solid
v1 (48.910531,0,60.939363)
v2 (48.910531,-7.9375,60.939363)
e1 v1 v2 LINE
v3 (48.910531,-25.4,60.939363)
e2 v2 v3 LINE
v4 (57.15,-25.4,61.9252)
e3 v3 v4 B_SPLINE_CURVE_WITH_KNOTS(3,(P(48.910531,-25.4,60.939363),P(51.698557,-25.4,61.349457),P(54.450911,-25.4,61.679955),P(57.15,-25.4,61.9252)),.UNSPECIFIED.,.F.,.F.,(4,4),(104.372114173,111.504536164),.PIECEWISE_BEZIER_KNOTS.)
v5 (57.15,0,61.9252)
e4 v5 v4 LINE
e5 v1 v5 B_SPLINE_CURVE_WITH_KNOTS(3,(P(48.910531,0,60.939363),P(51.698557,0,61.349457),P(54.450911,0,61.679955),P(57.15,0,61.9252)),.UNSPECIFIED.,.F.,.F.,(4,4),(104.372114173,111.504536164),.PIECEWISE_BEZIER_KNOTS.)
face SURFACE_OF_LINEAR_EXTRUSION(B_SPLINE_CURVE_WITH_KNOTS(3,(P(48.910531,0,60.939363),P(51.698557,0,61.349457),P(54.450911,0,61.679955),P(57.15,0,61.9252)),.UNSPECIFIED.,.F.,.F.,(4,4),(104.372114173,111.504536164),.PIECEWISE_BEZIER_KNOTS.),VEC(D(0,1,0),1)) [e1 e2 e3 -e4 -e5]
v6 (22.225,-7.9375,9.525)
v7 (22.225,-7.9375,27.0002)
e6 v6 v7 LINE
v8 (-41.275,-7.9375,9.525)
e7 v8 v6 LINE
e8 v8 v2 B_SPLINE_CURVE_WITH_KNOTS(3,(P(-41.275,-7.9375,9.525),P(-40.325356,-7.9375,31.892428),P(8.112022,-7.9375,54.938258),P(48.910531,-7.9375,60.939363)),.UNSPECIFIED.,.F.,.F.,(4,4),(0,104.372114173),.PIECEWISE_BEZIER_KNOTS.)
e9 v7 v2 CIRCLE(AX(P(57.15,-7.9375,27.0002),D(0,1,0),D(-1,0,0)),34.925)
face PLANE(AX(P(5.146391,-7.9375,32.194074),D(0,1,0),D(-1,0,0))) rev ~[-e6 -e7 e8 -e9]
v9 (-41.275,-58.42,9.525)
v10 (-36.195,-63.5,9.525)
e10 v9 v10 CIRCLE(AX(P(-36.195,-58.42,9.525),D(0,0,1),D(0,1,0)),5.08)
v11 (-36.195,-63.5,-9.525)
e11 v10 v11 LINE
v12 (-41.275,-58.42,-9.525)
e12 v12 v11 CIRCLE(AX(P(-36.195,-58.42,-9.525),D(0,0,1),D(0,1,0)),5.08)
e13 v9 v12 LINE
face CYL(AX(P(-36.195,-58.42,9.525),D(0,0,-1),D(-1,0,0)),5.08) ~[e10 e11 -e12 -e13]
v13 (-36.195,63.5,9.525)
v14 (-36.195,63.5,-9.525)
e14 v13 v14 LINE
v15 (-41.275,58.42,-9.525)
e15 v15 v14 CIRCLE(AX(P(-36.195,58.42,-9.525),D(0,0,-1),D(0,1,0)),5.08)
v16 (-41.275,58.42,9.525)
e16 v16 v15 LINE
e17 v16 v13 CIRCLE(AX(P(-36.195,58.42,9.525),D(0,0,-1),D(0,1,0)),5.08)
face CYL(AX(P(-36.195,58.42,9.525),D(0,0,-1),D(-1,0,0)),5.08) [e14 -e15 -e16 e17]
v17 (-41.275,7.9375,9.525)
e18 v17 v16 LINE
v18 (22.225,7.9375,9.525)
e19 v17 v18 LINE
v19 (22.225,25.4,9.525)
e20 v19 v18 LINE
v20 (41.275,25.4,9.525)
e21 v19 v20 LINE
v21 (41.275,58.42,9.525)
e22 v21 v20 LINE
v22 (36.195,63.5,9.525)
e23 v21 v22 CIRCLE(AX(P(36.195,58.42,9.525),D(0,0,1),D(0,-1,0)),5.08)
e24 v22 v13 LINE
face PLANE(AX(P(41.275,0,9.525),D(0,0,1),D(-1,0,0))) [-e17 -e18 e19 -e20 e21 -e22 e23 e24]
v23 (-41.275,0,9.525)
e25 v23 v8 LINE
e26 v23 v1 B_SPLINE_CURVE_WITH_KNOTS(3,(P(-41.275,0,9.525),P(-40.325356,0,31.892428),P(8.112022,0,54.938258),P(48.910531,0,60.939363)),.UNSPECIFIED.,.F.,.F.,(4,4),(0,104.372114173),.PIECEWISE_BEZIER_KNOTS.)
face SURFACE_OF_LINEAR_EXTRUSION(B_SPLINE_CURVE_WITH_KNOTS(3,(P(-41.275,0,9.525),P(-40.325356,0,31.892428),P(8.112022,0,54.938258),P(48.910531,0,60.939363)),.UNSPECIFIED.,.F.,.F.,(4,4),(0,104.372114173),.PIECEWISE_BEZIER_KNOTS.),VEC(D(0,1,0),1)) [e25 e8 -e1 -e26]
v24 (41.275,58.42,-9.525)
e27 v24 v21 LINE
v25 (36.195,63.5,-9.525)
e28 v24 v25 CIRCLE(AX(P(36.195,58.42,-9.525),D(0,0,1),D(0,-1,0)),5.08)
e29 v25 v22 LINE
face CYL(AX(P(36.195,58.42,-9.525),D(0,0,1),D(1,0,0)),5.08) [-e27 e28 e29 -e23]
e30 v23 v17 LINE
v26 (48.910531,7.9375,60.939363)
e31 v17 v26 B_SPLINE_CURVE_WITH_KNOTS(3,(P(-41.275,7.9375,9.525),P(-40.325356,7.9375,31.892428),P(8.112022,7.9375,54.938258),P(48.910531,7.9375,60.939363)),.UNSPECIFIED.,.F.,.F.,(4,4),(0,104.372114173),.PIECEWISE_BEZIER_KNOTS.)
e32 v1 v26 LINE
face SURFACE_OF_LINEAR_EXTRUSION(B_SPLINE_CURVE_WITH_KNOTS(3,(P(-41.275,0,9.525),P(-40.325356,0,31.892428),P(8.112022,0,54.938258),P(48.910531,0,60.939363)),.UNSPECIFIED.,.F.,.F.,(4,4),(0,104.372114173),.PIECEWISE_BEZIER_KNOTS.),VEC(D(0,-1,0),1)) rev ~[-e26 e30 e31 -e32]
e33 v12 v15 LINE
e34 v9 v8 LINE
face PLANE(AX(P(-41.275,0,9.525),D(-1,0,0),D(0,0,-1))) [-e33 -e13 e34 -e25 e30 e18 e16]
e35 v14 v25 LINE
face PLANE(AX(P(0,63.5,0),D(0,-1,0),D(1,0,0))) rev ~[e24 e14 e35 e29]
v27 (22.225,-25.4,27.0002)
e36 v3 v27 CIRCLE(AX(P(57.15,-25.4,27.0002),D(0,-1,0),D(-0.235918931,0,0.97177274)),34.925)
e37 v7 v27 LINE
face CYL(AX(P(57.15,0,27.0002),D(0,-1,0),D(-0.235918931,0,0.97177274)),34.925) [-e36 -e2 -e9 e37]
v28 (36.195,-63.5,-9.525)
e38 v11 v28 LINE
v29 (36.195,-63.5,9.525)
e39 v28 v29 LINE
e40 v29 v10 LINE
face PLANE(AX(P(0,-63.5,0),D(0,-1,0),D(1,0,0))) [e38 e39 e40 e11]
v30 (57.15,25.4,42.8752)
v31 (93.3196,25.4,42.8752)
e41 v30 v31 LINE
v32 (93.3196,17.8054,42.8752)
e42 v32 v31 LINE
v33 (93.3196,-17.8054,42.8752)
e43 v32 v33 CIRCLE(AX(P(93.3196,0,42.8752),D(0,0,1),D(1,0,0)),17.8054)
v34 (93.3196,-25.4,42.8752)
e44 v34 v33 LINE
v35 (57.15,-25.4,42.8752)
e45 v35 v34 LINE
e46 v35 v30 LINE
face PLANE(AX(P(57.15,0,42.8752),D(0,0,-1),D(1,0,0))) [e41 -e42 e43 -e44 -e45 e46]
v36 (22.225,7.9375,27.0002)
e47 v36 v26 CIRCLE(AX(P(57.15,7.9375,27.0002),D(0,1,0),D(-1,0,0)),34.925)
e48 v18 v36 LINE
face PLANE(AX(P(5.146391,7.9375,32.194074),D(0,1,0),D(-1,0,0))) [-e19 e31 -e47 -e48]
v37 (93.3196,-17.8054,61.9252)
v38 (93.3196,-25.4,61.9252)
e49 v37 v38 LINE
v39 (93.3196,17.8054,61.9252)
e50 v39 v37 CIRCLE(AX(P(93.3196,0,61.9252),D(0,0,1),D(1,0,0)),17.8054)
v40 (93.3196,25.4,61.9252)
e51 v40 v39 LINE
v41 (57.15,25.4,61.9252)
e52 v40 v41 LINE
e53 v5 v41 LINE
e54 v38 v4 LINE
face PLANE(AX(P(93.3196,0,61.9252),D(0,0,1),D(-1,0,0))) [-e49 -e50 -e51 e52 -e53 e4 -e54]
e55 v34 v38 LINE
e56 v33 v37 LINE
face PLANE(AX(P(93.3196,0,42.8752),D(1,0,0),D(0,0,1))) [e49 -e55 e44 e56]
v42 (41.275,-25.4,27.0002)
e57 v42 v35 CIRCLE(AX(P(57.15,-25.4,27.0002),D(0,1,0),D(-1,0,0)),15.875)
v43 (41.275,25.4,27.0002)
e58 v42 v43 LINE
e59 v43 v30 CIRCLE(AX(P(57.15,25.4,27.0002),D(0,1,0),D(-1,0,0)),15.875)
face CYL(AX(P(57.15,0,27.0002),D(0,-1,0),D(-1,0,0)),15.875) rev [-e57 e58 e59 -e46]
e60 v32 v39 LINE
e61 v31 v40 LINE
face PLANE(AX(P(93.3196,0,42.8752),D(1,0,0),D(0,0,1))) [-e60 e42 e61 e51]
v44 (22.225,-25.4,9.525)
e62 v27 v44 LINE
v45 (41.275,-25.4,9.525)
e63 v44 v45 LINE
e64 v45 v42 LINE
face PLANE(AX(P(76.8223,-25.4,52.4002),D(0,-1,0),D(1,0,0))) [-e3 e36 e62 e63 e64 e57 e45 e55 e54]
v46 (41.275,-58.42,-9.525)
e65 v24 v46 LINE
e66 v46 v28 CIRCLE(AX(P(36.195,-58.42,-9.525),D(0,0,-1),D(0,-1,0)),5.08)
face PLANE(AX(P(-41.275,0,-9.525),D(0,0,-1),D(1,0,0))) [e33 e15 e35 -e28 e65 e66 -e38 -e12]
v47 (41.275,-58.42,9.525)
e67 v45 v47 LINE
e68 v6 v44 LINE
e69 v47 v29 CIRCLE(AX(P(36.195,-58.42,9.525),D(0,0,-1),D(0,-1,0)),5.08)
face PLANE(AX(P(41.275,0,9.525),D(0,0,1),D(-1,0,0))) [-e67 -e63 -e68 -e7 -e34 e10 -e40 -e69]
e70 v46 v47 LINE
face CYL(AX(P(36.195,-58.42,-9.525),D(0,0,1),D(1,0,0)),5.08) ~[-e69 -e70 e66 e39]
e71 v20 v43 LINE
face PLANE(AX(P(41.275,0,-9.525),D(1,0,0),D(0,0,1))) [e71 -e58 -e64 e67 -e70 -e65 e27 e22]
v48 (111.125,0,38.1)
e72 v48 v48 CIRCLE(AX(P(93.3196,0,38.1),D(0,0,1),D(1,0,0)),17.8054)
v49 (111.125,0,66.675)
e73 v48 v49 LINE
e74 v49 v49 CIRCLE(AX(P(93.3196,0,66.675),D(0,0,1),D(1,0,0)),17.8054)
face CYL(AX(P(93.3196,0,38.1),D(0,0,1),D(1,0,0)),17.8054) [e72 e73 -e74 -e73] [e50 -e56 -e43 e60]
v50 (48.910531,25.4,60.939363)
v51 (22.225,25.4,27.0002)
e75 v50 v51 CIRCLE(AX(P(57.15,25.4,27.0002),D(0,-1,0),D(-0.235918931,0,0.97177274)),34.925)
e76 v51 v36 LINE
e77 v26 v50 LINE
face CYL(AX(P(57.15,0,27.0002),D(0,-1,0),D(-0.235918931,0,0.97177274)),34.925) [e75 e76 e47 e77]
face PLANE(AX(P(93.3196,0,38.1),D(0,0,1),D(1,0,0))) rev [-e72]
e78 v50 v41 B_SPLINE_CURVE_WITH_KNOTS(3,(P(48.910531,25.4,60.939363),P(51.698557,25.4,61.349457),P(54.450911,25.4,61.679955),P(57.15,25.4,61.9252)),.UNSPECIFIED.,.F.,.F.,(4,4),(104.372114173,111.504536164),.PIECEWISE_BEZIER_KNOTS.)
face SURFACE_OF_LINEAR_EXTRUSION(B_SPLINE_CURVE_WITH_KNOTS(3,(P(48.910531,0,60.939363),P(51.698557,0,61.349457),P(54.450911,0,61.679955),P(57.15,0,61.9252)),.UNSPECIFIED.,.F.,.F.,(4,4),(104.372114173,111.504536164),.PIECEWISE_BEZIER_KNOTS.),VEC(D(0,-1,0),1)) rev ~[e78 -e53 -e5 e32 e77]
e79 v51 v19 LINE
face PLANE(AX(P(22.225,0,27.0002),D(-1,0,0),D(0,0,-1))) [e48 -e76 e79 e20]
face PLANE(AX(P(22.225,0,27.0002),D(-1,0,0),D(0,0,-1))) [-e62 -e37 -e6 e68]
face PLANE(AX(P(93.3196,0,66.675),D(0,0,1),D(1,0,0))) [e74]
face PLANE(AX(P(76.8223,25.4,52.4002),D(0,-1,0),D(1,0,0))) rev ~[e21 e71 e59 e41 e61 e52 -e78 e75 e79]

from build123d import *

# Parameters (mm, degrees)
F1_DEPTH = 63.5
F0_W     = 32.9946
F0_H     = 19.05
F2_DEPTH = 25.4
F3_DEPTH = 7.9375
F5_R     = 5.08


with BuildPart() as f1:
    # F0 (on Front) → F1 (new body, symmetric)
    with BuildSketch(Plane.XZ):
        Polygon((-41.275, -9.525), (41.275, -9.525), (41.275, 9.525), (22.225, 9.525), (-41.275, 9.525), align=None)
    extrude(amount=F1_DEPTH, both=True)

    # F0 (on Front) → F2 (join, symmetric)
    with BuildSketch(Plane.XZ):
        with Locations((76.8223, 52.4002)):
            Rectangle(F0_W, F0_H)
        with BuildLine():
            Line((22.225, 9.525), (41.275, 9.525))
            Line((41.275, 9.525), (41.275, 27.0002))
            ThreePointArc((41.275, 27.0002), (45.9246798487, 38.2255201513), (57.15, 42.8752))
            Line((57.15, 42.8752), (60.325, 42.8752))
            Line((60.325, 42.8752), (60.325, 61.9252))
            Line((60.325, 61.9252), (57.15, 61.9252))
            add(Edge.make_bspline(
                [(48.9105313437, 60.9393629429), (51.6985574941, 61.3494572854), (54.4509110956, 61.6799549216), (57.15, 61.9252)],
                knots=[104.3721141728, 104.3721141728, 104.3721141728, 104.3721141728, 111.5045361635, 111.5045361635, 111.5045361635, 111.5045361635], degree=3))
            ThreePointArc((48.9105313437, 60.9393629429), (29.6953185429, 48.5871426063), (22.225, 27.0002))
            Line((22.225, 27.0002), (22.225, 9.525))
        make_face()
    extrude(amount=F2_DEPTH, both=True)

    # F0 (on Front) → F3 (join, symmetric)
    with BuildSketch(Plane.XZ):
        with BuildLine():
            add(Edge.make_bspline(
                [(-41.275, 9.525), (-40.3253555767, 31.8924279023), (8.1120222163, 54.9382579049), (48.9105313437, 60.9393629429)],
                knots=[0, 0, 0, 0, 104.3721141728, 104.3721141728, 104.3721141728, 104.3721141728], degree=3))
            Line((-41.275, 9.525), (22.225, 9.525))
            Line((22.225, 9.525), (22.225, 27.0002))
            ThreePointArc((22.225, 27.0002), (29.6953185429, 48.5871426063), (48.9105313437, 60.9393629429))
        make_face()
    extrude(amount=F3_DEPTH, both=True)

    # F0 (on Front) → F4 (revolve)
    with BuildSketch(Plane.XZ):
        Polygon((93.3196, 61.9252), (93.3196, 42.8752), (93.3196, 38.1), (111.125, 38.1), (111.125, 66.675), (93.3196, 66.675), align=None)
    revolve(axis=Axis((93.3196, 0, 52.3875), (0, 0, 1)))

    # F5
    f5_edges = [f1.edges().sort_by_distance(p)[0] for p in [
        (-41.275, -63.5, 0),
        (41.275, -63.5, 0),
        (-41.275, 63.5, 0),
        (41.275, 63.5, 0),
    ]]
    fillet(f5_edges, radius=F5_R)


solid = f1.part
